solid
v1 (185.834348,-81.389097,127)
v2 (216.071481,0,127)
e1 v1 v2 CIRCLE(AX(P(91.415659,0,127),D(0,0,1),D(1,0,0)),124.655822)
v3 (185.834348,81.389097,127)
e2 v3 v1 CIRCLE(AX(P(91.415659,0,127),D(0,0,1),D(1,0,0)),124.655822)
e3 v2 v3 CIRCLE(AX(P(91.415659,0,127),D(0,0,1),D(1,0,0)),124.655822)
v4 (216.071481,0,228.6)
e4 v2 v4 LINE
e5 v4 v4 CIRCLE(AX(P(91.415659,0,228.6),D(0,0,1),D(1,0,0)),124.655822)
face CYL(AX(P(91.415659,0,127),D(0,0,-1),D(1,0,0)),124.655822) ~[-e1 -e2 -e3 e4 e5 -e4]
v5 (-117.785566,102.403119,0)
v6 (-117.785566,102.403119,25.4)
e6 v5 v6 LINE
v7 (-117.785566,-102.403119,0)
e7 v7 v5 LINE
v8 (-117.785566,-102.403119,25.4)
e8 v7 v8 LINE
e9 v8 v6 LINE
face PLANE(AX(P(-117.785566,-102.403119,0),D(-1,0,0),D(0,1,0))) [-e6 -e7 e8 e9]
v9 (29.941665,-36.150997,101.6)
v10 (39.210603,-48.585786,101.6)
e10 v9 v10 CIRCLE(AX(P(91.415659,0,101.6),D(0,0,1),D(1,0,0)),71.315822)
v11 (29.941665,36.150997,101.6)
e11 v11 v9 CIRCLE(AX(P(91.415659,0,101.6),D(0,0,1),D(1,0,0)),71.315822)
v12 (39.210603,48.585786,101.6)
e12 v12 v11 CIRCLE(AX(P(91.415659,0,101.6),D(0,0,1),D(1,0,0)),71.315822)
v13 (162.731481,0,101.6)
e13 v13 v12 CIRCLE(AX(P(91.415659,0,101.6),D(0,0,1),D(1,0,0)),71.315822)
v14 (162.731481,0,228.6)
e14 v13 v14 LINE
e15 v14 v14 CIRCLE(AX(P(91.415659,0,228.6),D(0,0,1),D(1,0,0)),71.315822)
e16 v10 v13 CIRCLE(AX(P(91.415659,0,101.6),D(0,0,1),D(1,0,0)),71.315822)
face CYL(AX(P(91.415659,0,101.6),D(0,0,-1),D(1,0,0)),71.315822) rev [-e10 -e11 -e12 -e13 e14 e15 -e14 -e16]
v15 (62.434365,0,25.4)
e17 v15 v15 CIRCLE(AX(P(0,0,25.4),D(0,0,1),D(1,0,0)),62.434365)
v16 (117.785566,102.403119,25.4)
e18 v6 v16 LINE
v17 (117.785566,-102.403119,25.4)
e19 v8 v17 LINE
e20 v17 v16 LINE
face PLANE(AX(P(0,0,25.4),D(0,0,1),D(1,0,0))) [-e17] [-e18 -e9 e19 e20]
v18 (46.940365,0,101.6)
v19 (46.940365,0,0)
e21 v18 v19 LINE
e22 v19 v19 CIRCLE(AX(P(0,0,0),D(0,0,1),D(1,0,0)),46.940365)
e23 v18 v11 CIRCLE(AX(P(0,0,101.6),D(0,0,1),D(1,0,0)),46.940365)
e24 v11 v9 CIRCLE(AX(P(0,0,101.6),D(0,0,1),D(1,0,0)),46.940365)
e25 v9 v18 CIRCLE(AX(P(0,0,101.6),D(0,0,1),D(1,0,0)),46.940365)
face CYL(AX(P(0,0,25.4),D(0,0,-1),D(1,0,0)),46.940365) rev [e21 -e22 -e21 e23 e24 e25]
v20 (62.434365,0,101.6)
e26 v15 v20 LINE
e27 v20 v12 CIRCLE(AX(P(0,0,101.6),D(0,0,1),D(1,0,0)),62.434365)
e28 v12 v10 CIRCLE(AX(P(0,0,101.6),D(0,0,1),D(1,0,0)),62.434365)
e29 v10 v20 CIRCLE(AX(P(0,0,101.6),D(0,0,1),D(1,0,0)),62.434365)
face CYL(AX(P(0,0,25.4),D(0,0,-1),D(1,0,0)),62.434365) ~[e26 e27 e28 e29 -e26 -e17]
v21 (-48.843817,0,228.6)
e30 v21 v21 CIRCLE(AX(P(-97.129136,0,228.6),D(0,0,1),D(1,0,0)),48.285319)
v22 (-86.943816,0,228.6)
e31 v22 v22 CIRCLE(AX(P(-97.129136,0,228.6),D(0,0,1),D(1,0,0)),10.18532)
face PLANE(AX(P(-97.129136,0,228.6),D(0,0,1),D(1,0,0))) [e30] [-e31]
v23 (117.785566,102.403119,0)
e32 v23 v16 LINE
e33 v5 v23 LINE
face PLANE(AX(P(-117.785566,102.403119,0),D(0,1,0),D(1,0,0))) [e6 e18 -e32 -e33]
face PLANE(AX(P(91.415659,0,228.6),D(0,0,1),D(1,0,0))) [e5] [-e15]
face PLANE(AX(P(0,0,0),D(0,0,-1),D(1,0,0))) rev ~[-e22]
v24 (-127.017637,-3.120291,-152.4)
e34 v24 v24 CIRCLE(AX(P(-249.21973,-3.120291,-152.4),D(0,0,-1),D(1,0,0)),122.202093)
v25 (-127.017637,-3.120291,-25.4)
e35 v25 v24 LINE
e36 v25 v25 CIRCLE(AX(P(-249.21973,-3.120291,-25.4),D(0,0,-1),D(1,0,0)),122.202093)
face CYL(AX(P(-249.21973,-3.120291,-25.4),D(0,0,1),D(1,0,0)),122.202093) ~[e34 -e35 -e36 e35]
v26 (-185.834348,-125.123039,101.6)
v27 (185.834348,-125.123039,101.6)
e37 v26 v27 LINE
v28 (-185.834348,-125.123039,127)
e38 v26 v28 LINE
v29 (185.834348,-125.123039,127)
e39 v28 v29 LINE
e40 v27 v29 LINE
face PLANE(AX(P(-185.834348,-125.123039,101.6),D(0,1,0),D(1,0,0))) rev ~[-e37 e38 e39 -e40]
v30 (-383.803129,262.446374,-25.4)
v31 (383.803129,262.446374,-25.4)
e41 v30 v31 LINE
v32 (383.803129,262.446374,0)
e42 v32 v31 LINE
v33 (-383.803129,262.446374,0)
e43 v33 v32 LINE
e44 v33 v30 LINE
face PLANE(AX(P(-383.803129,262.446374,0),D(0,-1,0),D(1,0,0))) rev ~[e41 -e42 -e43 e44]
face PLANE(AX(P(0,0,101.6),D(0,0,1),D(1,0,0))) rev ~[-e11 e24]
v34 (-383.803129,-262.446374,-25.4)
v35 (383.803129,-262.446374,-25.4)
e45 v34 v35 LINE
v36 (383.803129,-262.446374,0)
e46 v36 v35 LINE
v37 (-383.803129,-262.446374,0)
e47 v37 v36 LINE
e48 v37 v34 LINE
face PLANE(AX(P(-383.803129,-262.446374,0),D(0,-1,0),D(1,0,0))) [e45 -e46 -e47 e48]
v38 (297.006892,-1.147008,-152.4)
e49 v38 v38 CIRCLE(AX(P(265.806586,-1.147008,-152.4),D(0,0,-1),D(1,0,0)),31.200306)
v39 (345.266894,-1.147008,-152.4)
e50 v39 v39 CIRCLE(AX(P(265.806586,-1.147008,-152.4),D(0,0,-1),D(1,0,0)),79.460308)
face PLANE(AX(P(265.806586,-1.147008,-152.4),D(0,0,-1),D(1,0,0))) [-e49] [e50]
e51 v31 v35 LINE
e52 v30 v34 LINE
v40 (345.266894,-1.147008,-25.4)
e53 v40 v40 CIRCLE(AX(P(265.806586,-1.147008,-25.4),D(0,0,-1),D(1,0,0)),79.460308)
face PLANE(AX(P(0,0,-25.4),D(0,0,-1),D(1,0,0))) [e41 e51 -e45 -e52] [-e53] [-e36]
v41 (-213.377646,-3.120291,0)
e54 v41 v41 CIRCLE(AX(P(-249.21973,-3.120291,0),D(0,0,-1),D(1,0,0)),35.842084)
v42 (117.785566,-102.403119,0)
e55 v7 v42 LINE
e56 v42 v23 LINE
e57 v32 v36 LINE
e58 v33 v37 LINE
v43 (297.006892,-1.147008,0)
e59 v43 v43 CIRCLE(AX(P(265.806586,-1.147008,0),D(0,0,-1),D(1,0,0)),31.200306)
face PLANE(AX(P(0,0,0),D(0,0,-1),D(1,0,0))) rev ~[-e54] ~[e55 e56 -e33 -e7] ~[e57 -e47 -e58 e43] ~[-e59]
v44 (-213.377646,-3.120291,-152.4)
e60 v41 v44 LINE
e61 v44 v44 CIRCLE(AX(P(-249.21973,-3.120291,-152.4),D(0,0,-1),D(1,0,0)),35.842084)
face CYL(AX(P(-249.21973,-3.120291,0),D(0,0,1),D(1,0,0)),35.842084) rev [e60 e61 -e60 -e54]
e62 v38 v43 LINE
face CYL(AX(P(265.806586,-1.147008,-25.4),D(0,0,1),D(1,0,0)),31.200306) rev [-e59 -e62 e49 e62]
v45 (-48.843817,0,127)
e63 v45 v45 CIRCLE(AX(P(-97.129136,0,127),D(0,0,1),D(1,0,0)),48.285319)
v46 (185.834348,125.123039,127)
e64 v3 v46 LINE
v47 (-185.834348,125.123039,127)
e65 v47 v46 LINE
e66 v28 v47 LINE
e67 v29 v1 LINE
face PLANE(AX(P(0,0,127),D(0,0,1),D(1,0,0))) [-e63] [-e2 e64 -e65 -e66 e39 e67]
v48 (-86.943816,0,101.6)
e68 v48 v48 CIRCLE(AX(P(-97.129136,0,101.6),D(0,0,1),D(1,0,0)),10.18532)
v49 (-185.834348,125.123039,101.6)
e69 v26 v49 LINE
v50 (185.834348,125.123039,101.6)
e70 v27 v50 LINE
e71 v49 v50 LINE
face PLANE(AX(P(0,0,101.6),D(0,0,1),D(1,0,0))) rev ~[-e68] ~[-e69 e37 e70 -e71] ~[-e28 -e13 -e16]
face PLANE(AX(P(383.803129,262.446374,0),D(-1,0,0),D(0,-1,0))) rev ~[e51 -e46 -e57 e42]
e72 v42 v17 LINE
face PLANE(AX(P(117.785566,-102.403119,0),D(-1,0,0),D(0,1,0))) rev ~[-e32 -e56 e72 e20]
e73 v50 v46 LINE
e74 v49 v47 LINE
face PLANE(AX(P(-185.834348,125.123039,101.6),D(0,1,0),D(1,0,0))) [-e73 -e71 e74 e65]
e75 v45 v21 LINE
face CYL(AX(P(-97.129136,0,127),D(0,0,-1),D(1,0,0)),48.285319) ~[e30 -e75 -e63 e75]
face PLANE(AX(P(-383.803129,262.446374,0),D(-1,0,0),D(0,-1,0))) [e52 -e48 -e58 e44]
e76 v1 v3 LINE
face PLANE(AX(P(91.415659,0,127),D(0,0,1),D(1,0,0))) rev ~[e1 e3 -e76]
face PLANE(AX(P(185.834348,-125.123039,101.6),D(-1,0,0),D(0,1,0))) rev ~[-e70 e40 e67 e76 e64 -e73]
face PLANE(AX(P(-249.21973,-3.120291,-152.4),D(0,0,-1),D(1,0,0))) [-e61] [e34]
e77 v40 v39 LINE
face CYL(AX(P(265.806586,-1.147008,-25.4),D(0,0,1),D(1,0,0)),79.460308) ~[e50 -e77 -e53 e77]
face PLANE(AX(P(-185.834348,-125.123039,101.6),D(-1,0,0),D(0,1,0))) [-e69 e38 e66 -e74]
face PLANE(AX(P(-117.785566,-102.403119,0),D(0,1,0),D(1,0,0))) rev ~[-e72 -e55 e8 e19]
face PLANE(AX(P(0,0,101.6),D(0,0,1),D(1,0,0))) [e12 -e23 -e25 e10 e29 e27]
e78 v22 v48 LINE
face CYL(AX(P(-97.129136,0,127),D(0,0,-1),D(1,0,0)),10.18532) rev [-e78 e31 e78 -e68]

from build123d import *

# Parameters (mm, degrees)
F0_W      = 235.571132
F0_H      = 204.806238
F0_R      = 46.940365
F1_DEPTH  = 25.4
F2_R      = 62.434365
F2_R_2    = 46.940365
F3_DEPTH  = 76.2
F4_W      = 371.668696
F4_H      = 250.246078
F4_R      = 10.18532
F4_R_2    = 71.315822
F5_DEPTH  = 25.4
F6_R      = 48.285319
F6_R_2    = 10.18532
F6_R_3    = 124.655822
F6_R_4    = 71.315822
F7_DEPTH  = 101.6
F8_W      = 767.606258
F8_H      = 524.892748
F8_R      = 35.842084
F8_R_2    = 31.200306
F9_DEPTH  = 25.4
F10_R     = 79.460308
F10_R_2   = 31.200306
F10_R_3   = 122.202093
F10_R_4   = 35.842084
F11_DEPTH = 127


with BuildPart() as f1:
    # F0 (on Top) → F1 (new body)
    with BuildSketch(Plane.XY):
        Rectangle(F0_W, F0_H)
        Circle(F0_R, mode=Mode.SUBTRACT)
    extrude(amount=F1_DEPTH)

    # F2 (on face) → F3 (join)
    with BuildSketch(Plane.XY.offset(25.4)):
        Circle(F2_R)
        Circle(F2_R_2, mode=Mode.SUBTRACT)
    extrude(amount=F3_DEPTH)

    # F4 (on face) → F5 (join)
    with BuildSketch(Plane.XY.offset(101.6)):
        Rectangle(F4_W, F4_H)
        with Locations((-97.129136, 0)):
            Circle(F4_R, mode=Mode.SUBTRACT)
        with Locations((91.415659, 0)):
            Circle(F4_R_2, mode=Mode.SUBTRACT)
    extrude(amount=F5_DEPTH)

    # F6 (on face) → F7 (join)
    with BuildSketch(Plane.XY.offset(127)):
        with Locations((-97.129136, 0)):
            Circle(F6_R)
        with Locations((-97.129136, 0)):
            Circle(F6_R_2, mode=Mode.SUBTRACT)
        with Locations((91.415659, 0)):
            Circle(F6_R_3)
        with Locations((91.415659, 0)):
            Circle(F6_R_4, mode=Mode.SUBTRACT)
    extrude(amount=F7_DEPTH)

    # F8 (on face) → F9 (join)
    with BuildSketch(Plane(origin=(0, 0, 0), x_dir=(1, 0, 0), z_dir=(0, 0, -1))):
        Rectangle(F8_W, F8_H)
        with Locations((-249.21973, 3.120291)):
            Circle(F8_R, mode=Mode.SUBTRACT)
        with Locations((265.806586, 1.147008)):
            Circle(F8_R_2, mode=Mode.SUBTRACT)
    extrude(amount=F9_DEPTH)

    # F10 (on face) → F11 (join)
    with BuildSketch(Plane(origin=(0, 0, -25.4), x_dir=(1, 0, 0), z_dir=(0, 0, -1))):
        with Locations((265.806586, 1.147008)):
            Circle(F10_R)
        with Locations((265.806586, 1.147008)):
            Circle(F10_R_2, mode=Mode.SUBTRACT)
        with Locations((-249.21973, 3.120291)):
            Circle(F10_R_3)
        with Locations((-249.21973, 3.120291)):
            Circle(F10_R_4, mode=Mode.SUBTRACT)
    extrude(amount=F11_DEPTH)


solid = f1.part
